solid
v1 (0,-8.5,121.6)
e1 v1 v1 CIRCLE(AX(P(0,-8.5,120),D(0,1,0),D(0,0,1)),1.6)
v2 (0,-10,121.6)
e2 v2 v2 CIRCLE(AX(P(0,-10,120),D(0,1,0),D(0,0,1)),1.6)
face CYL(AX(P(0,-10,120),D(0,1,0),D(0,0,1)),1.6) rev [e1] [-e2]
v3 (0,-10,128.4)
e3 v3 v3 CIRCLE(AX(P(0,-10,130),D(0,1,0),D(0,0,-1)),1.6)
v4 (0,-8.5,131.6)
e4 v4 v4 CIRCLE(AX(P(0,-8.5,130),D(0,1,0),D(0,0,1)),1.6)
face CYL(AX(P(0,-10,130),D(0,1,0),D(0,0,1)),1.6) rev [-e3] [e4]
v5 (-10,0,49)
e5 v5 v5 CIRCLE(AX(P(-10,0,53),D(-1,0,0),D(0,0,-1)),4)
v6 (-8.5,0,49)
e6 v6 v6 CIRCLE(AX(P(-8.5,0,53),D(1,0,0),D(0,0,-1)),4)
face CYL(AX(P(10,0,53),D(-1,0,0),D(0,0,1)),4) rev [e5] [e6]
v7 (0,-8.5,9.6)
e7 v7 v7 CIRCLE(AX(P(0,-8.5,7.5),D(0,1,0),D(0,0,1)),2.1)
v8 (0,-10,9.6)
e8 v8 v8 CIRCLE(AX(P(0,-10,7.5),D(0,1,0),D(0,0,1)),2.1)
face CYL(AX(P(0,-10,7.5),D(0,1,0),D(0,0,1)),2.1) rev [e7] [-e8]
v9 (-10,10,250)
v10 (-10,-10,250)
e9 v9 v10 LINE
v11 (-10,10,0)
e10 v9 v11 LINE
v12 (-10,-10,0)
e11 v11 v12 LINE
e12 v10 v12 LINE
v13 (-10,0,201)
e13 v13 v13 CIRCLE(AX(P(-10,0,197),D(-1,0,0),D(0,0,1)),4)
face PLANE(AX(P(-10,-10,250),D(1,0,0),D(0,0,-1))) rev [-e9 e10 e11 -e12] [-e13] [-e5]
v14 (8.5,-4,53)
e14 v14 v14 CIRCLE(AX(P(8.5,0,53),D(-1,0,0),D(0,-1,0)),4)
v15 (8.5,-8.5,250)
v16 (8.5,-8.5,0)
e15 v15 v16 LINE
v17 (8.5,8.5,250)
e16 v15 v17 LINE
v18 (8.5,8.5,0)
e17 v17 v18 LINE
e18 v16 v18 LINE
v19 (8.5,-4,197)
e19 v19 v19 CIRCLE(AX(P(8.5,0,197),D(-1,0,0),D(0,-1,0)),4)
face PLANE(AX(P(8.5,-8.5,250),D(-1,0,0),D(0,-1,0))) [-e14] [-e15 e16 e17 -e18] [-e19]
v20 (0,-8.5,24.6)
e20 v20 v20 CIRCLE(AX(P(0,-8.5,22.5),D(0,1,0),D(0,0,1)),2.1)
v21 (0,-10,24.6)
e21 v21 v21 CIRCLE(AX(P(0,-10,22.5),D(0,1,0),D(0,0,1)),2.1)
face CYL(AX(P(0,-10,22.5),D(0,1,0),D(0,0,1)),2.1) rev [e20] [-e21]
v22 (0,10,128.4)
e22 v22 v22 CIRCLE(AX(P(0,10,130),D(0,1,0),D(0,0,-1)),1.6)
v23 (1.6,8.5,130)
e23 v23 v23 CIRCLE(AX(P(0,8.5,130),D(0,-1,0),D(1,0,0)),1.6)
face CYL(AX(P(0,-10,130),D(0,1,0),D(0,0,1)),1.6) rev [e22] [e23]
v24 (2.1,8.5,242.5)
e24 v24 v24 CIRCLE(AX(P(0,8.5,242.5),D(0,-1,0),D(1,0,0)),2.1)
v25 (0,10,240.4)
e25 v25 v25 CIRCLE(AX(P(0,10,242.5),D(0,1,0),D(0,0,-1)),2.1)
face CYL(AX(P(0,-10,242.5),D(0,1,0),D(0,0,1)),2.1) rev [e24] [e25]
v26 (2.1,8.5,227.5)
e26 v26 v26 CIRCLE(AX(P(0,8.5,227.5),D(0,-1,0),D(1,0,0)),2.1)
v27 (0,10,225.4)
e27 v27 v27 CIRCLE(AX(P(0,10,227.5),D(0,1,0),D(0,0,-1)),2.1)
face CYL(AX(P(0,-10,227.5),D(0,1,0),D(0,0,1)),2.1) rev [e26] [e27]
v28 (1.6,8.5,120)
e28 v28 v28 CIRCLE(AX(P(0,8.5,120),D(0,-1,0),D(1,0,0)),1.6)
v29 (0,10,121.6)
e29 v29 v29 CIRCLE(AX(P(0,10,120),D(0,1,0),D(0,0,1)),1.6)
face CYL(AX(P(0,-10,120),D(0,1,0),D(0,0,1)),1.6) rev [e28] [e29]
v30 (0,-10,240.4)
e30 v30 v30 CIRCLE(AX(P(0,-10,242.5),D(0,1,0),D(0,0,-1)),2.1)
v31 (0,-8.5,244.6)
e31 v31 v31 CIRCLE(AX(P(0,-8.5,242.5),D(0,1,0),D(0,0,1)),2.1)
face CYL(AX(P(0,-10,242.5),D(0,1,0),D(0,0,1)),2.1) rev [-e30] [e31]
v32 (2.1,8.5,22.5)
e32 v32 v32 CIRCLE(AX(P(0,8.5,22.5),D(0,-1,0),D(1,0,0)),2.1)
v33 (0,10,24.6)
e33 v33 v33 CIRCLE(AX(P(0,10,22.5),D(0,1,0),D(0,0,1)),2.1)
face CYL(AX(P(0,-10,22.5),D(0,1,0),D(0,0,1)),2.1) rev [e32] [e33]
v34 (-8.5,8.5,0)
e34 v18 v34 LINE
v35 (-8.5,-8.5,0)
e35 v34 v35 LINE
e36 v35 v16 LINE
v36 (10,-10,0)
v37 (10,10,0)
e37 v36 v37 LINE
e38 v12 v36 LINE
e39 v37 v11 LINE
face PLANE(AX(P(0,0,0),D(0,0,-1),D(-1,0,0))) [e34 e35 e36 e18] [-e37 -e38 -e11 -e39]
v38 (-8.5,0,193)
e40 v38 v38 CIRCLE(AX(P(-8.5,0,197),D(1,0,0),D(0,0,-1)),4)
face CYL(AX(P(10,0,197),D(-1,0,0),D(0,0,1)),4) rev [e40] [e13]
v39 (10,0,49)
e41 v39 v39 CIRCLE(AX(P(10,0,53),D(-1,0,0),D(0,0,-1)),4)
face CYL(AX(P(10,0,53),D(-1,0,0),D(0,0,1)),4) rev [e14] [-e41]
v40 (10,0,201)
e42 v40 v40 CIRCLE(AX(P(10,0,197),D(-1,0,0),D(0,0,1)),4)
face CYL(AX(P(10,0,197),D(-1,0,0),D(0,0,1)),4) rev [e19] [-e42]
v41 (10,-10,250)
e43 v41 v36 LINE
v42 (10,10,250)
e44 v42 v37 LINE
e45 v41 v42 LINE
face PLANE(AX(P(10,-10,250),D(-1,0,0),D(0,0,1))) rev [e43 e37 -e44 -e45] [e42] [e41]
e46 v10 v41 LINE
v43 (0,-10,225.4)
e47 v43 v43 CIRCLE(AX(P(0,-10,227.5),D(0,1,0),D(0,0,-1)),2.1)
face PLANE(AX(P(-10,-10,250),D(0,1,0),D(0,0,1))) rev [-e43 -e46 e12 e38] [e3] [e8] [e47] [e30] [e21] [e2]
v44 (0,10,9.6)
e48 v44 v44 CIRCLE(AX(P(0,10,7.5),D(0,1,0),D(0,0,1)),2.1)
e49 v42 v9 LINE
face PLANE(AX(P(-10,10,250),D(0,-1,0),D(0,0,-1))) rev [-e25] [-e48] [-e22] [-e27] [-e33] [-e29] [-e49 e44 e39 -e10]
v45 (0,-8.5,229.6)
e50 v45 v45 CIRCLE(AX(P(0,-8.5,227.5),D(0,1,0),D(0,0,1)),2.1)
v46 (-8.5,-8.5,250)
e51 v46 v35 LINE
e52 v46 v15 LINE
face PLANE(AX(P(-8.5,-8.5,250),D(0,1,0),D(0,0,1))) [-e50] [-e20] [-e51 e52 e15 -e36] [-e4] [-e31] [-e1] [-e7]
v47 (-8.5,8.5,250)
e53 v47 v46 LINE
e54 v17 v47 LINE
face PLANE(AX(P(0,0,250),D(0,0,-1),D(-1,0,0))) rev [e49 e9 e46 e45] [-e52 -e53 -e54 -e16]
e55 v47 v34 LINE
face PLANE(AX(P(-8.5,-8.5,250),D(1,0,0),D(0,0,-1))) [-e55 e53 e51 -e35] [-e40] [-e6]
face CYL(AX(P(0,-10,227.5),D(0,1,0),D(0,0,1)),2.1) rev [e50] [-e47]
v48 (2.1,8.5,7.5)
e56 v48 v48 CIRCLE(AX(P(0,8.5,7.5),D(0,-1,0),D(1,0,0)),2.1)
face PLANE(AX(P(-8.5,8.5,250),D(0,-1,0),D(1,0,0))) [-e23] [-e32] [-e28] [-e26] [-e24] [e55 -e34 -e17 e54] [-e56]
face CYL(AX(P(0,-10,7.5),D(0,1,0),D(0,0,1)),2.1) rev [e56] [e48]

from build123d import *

# Parameters (mm, degrees)
SKETCH_1_W          = 20
SKETCH_1_H          = 20
SKETCH_1_W_2        = 17
SKETCH_1_H_2        = 17
EXTRUDE_1_DEPTH     = 250
SKETCH_2_R          = 2.1
SKETCH_2_R_2        = 1.6
CUT_EXTRUDE_1_DEPTH = 251.99800796
SKETCH_3_R          = 4
CUT_EXTRUDE_3_DEPTH = 251.99800796


with BuildPart() as part:
    # 草图1 → 凸台-拉伸1 (new body)
    with BuildSketch(Plane.XY):
        Rectangle(SKETCH_1_W, SKETCH_1_H)
        Rectangle(SKETCH_1_W_2, SKETCH_1_H_2, mode=Mode.SUBTRACT)
    extrude(amount=EXTRUDE_1_DEPTH)

    # 草图2 → 切除-拉伸1 (cut, through all)
    with BuildSketch(Plane(origin=(0, 10, 0), x_dir=(1, 0, 0), z_dir=(0, 1, 0))):
        with Locations(Location((0, -7.5, 0), (0, 0, 270))):
            Circle(SKETCH_2_R)
        with Locations(Location((0, -22.5, 0), (0, 0, 270))):
            Circle(SKETCH_2_R)
        with Locations(Location((0, -120, 0), (0, 0, 270))):
            Circle(SKETCH_2_R_2)
        with Locations((0, -130)):
            Circle(SKETCH_2_R_2)
        with Locations((0, -227.5)):
            Circle(SKETCH_2_R)
        with Locations((0, -242.5)):
            Circle(SKETCH_2_R)
    extrude(amount=-CUT_EXTRUDE_1_DEPTH, mode=Mode.SUBTRACT)

    # 草图3 → 切除-拉伸3 (cut, through all)
    with BuildSketch(Plane.ZY.offset(10)):
        with Locations((197, 0)):
            Circle(SKETCH_3_R)
        with Locations(Location((53, 0, 0), (0, 0, 270))):
            Circle(SKETCH_3_R)
    extrude(amount=-CUT_EXTRUDE_3_DEPTH, mode=Mode.SUBTRACT)


solid = part.part
